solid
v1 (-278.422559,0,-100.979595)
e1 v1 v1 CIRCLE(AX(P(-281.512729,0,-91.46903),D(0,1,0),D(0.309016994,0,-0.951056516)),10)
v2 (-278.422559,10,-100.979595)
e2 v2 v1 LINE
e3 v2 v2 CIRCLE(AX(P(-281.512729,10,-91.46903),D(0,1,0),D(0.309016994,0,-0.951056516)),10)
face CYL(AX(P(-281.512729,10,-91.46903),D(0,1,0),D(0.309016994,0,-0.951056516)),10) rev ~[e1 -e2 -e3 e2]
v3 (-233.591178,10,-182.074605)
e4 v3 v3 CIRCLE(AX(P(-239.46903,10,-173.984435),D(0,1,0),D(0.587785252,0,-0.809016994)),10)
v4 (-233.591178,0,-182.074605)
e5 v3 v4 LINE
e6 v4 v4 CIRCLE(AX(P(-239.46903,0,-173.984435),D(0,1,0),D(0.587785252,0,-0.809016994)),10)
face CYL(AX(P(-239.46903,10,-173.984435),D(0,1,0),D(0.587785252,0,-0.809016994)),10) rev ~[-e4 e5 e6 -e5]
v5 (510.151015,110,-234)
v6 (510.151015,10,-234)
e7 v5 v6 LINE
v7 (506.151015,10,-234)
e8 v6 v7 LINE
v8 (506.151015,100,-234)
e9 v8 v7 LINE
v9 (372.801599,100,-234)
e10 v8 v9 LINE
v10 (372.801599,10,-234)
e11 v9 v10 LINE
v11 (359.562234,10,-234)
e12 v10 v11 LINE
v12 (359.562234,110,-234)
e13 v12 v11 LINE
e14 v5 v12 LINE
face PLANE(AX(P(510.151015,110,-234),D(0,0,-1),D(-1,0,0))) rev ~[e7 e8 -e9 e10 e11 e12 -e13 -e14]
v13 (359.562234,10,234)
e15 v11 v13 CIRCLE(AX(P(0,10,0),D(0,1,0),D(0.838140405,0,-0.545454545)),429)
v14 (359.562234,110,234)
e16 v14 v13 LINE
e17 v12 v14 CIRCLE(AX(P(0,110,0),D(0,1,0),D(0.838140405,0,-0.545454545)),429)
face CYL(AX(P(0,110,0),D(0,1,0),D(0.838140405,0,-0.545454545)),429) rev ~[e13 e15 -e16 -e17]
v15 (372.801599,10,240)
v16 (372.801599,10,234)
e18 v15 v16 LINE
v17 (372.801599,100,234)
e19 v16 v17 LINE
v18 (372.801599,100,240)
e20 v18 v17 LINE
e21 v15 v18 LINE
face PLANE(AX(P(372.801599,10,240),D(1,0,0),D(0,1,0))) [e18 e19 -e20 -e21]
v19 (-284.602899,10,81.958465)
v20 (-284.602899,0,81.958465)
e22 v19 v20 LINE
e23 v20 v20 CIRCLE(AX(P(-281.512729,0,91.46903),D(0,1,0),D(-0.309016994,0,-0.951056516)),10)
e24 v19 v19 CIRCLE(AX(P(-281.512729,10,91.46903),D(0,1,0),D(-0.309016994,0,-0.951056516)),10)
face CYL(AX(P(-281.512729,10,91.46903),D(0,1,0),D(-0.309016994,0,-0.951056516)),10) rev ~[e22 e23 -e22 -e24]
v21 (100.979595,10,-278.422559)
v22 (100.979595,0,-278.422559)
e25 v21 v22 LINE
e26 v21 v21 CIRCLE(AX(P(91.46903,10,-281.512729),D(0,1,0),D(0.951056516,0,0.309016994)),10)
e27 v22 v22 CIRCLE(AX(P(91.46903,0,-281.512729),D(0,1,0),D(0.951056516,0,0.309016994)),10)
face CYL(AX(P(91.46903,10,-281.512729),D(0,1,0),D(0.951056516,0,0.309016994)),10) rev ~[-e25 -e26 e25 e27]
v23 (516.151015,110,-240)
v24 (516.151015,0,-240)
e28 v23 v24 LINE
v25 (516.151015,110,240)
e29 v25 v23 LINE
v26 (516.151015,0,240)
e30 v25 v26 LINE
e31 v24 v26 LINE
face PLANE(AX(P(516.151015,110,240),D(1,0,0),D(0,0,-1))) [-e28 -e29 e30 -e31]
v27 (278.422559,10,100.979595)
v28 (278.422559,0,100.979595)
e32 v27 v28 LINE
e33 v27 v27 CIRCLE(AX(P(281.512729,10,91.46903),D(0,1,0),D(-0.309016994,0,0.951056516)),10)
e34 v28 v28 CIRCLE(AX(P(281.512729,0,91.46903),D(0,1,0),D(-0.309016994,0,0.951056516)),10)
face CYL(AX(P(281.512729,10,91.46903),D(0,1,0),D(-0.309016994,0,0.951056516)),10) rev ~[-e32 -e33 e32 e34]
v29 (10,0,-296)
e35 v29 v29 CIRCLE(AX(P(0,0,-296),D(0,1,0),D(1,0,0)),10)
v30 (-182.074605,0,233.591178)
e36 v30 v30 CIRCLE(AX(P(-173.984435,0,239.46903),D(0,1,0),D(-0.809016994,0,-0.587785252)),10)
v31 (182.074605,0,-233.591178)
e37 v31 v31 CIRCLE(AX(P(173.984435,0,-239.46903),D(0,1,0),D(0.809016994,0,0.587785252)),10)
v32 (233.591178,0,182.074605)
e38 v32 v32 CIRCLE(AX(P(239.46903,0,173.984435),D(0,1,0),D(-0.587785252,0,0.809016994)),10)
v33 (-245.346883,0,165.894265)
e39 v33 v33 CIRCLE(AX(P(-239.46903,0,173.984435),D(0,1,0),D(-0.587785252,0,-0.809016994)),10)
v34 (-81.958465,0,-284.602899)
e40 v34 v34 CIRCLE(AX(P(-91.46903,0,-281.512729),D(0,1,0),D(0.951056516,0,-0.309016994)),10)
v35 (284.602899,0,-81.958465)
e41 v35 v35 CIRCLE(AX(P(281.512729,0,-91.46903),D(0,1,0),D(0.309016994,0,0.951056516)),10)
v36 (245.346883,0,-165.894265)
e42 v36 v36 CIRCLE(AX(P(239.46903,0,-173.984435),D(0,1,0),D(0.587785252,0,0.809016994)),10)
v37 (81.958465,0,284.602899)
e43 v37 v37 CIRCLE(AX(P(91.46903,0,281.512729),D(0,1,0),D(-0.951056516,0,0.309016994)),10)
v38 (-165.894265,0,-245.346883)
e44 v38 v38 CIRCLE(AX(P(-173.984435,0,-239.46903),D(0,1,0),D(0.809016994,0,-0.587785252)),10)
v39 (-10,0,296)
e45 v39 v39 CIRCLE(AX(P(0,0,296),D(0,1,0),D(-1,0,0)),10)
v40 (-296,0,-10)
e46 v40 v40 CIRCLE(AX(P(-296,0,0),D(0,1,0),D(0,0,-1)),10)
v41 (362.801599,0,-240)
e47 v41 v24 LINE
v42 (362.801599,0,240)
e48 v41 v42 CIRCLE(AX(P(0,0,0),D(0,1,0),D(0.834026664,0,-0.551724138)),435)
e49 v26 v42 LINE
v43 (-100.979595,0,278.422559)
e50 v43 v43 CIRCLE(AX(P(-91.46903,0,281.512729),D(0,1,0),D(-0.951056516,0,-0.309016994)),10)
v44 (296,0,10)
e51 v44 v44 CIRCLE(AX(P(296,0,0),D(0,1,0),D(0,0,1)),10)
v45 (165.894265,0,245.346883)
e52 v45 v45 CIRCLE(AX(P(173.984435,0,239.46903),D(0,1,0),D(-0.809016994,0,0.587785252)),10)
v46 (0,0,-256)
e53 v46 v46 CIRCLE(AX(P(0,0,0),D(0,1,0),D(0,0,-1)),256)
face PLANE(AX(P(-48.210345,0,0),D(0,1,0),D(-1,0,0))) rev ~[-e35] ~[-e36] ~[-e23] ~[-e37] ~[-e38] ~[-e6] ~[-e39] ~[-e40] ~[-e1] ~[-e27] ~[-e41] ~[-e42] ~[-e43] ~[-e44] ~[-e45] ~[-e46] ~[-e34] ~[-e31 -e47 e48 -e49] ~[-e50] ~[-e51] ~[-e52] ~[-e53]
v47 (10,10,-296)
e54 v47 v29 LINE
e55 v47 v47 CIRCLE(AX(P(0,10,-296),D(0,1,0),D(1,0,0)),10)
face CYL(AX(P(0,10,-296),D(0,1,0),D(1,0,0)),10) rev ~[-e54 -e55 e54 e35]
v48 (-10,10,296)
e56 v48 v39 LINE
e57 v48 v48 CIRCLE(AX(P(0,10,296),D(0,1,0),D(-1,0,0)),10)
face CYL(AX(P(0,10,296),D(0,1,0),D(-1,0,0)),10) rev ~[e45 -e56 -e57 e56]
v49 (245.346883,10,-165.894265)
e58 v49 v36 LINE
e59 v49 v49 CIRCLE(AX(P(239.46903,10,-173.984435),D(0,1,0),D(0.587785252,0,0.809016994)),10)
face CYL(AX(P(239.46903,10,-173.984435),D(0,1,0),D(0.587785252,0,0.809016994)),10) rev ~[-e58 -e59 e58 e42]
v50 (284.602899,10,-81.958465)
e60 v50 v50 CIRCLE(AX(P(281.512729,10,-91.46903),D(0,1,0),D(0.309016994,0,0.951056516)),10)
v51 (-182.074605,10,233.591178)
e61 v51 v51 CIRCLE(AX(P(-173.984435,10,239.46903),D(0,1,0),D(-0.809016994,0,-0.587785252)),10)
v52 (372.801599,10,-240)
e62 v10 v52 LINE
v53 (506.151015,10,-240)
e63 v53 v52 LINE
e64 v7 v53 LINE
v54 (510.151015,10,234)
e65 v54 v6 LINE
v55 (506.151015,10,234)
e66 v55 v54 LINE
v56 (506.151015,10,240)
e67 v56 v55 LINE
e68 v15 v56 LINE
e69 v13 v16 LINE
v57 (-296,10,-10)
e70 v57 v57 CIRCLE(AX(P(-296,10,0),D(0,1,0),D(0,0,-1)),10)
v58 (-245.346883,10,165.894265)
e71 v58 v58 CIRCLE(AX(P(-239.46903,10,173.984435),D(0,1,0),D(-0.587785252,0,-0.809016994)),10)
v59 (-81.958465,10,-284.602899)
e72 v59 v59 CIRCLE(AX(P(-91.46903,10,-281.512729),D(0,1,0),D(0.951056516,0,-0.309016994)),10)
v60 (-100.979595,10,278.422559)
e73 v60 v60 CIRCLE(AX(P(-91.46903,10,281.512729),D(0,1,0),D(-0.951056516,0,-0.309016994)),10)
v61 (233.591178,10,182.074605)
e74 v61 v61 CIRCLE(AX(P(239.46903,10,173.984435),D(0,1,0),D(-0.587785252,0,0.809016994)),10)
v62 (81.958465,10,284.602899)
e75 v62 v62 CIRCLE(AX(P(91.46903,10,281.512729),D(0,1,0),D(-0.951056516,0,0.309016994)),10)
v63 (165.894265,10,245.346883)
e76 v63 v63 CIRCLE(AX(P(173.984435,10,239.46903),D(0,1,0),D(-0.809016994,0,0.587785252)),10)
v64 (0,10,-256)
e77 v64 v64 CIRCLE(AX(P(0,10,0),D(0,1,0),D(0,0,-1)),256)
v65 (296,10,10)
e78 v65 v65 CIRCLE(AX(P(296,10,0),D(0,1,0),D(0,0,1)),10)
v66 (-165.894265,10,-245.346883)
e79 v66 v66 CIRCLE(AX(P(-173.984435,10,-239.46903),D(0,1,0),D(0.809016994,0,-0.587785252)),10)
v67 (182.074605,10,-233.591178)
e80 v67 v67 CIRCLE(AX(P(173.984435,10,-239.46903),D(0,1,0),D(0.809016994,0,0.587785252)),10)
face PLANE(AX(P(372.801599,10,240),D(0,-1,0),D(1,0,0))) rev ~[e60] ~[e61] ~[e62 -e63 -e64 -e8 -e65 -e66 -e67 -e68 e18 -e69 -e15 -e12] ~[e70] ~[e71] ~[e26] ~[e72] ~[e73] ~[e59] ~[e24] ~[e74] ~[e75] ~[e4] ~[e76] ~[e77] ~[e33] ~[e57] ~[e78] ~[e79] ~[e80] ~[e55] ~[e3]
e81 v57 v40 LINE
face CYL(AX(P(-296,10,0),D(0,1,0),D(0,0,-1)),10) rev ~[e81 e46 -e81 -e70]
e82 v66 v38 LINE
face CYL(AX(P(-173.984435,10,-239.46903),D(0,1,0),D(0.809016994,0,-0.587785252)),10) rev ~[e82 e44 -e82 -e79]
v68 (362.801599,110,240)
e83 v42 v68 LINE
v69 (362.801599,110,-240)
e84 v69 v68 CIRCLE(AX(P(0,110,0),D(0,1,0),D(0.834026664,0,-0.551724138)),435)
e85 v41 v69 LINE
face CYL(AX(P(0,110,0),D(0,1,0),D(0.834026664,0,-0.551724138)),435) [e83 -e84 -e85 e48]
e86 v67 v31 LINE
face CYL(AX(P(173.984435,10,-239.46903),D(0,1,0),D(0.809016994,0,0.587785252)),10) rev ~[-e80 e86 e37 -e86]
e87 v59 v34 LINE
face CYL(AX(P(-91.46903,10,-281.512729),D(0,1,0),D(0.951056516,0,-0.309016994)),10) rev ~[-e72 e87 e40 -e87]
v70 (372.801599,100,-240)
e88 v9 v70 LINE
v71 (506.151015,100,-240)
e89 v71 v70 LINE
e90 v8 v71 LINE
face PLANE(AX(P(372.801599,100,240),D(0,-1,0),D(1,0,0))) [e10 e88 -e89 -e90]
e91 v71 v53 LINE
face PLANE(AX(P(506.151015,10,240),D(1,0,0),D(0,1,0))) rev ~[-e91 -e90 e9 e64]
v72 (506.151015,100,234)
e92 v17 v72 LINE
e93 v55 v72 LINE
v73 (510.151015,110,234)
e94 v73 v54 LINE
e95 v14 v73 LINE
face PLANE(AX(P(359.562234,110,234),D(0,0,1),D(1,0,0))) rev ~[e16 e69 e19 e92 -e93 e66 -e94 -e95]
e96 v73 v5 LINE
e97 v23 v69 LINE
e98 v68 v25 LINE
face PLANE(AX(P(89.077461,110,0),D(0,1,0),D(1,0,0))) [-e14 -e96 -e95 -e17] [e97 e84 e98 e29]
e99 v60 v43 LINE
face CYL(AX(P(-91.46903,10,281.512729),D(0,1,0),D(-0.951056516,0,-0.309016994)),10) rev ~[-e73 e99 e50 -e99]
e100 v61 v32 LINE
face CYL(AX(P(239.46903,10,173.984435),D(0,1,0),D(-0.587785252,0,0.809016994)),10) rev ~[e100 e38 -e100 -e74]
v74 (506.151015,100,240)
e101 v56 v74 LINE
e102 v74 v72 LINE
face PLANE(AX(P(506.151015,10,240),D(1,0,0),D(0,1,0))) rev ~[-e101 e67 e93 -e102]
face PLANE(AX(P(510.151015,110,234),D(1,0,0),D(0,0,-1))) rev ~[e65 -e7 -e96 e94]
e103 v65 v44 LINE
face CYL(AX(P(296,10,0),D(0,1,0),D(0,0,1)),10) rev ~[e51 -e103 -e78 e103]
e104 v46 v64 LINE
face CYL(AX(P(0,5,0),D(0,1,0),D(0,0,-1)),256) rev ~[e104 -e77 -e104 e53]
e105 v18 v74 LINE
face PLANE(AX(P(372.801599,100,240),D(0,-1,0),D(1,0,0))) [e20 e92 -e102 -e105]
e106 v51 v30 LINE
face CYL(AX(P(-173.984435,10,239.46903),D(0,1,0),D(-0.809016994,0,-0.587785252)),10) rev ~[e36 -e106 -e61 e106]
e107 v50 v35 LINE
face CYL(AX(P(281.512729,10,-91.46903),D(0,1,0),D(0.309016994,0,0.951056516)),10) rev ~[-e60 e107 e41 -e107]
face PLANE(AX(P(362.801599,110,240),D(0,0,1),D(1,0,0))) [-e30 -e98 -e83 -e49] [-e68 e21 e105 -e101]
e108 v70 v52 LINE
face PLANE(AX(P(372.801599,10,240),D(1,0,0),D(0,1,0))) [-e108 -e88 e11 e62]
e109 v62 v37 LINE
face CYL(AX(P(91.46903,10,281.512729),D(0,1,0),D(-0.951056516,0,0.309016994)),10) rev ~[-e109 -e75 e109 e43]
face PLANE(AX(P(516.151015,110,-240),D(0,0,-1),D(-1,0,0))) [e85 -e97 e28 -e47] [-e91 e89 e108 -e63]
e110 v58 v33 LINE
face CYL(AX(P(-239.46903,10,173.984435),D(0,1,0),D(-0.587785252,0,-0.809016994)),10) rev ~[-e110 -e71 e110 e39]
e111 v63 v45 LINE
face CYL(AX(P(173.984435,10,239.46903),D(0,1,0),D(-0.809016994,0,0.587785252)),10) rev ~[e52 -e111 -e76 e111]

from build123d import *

# Parameters (mm, degrees)
ESQUISSE1_W                  = 80
ESQUISSE1_H                  = 10
ESQUISSE3_R                  = 10
ENL_V_MAT_EXTRU_1_DEPTH      = 476.280969533
R_P_TITION_CIRCULAIRE1_COUNT = 20
BOSS_EXTRU_1_START           = -10
BOSS_EXTRU_1_DEPTH           = 10
BOSS_EXTRU_2_START           = -10
BOSS_EXTRU_2_DEPTH           = 10
BOSS_EXTRU_3_START           = 100
BOSS_EXTRU_3_DEPTH           = 100
ESQUISSE8_W                  = 133.349416634
ESQUISSE8_H                  = 90
ENL_V_MAT_EXTRU_2_DEPTH      = 857.817874815


with BuildPart() as part:
    # Esquisse1 → Révolution1 (revolve)
    with BuildSketch(Plane.XY, mode=Mode.PRIVATE) as r_volution1_sk:
        with Locations((296, 5)):
            Rectangle(ESQUISSE1_W, ESQUISSE1_H)
    revolve(r_volution1_sk.sketch.rotate(Axis((0, 0, 0), (0, 1, 0)), 90), axis=Axis((0, 0, 0), (0, 1, 0)))

    # Esquisse3 → Enlèv. mat.-Extru.1 (cut, through all)
    with BuildSketch(Plane(origin=(0, 10, 0), x_dir=(1, 0, 0), z_dir=(0, 1, 0))):
        with Locations(Location((296, 0, 0), (0, 0, 270))):
            Circle(ESQUISSE3_R)
    enl_v_mat_extru_1 = extrude(amount=-ENL_V_MAT_EXTRU_1_DEPTH, mode=Mode.SUBTRACT)

    # Répétition circulaire1: Enlèv. mat.-Extru.1 ×20 about axis
    r_p_tition_circulaire1_axis = Axis((0, 0, 0), (0, 1, 0))
    for i in range(1, R_P_TITION_CIRCULAIRE1_COUNT):
        add(enl_v_mat_extru_1.rotate(r_p_tition_circulaire1_axis, i * 360 / R_P_TITION_CIRCULAIRE1_COUNT), mode=Mode.SUBTRACT)

    # Esquisse4 → Boss.-Extru.1 (add)
    with BuildSketch(Plane.XZ.offset(BOSS_EXTRU_1_START)):
        with BuildLine():
            Line((516.151015307, -240), (516.151015307, 240))
            Line((516.151015307, 240), (235.151015307, 240))
            ThreePointArc((235.151015307, 240), (336, 0), (235.151015307, -240))
            Line((235.151015307, -240), (516.151015307, -240))
        make_face()
    extrude(amount=BOSS_EXTRU_1_DEPTH)

    # Esquisse5 → Boss.-Extru.2 (add)
    with BuildSketch(Plane.XZ.offset(BOSS_EXTRU_2_START)):
        with BuildLine():
            Line((235.151015307, -240), (362.801598673, -240))
            ThreePointArc((362.801598673, -240), (-435, 0), (362.801598673, 240))
            Line((362.801598673, 240), (235.151015307, 240))
            ThreePointArc((235.151015307, 240), (-336, 0), (235.151015307, -240))
        make_face()
    extrude(amount=BOSS_EXTRU_2_DEPTH)

    # Esquisse6 → Boss.-Extru.3 (add)
    with BuildSketch(Plane(origin=(0, 10, 0), x_dir=(1, 0, 0), z_dir=(0, 1, 0)).offset(BOSS_EXTRU_3_START)):
        with BuildLine():
            Line((516.151015307, 240), (362.801598673, 240))
            ThreePointArc((362.801598673, 240), (-435, 0), (362.801598673, -240))
            Line((362.801598673, -240), (516.151015307, -240))
            Line((516.151015307, -240), (516.151015307, 240))
        make_face()
        with BuildLine():
            ThreePointArc((359.562233834, 234), (-429, 0), (359.562233834, -234))
            Line((359.562233834, -234), (510.151015307, -234))
            Line((510.151015307, -234), (510.151015307, 234))
            Line((510.151015307, 234), (359.562233834, 234))
        make_face(mode=Mode.SUBTRACT)
    extrude(amount=-BOSS_EXTRU_3_DEPTH)

    # Esquisse8 → Enlèv. mat.-Extru.2 (cut, through all)
    with BuildSketch(Plane.XY.offset(240)):
        with Locations((439.47630699, 55)):
            Rectangle(ESQUISSE8_W, ESQUISSE8_H)
    extrude(amount=-ENL_V_MAT_EXTRU_2_DEPTH, mode=Mode.SUBTRACT)


solid = part.part
